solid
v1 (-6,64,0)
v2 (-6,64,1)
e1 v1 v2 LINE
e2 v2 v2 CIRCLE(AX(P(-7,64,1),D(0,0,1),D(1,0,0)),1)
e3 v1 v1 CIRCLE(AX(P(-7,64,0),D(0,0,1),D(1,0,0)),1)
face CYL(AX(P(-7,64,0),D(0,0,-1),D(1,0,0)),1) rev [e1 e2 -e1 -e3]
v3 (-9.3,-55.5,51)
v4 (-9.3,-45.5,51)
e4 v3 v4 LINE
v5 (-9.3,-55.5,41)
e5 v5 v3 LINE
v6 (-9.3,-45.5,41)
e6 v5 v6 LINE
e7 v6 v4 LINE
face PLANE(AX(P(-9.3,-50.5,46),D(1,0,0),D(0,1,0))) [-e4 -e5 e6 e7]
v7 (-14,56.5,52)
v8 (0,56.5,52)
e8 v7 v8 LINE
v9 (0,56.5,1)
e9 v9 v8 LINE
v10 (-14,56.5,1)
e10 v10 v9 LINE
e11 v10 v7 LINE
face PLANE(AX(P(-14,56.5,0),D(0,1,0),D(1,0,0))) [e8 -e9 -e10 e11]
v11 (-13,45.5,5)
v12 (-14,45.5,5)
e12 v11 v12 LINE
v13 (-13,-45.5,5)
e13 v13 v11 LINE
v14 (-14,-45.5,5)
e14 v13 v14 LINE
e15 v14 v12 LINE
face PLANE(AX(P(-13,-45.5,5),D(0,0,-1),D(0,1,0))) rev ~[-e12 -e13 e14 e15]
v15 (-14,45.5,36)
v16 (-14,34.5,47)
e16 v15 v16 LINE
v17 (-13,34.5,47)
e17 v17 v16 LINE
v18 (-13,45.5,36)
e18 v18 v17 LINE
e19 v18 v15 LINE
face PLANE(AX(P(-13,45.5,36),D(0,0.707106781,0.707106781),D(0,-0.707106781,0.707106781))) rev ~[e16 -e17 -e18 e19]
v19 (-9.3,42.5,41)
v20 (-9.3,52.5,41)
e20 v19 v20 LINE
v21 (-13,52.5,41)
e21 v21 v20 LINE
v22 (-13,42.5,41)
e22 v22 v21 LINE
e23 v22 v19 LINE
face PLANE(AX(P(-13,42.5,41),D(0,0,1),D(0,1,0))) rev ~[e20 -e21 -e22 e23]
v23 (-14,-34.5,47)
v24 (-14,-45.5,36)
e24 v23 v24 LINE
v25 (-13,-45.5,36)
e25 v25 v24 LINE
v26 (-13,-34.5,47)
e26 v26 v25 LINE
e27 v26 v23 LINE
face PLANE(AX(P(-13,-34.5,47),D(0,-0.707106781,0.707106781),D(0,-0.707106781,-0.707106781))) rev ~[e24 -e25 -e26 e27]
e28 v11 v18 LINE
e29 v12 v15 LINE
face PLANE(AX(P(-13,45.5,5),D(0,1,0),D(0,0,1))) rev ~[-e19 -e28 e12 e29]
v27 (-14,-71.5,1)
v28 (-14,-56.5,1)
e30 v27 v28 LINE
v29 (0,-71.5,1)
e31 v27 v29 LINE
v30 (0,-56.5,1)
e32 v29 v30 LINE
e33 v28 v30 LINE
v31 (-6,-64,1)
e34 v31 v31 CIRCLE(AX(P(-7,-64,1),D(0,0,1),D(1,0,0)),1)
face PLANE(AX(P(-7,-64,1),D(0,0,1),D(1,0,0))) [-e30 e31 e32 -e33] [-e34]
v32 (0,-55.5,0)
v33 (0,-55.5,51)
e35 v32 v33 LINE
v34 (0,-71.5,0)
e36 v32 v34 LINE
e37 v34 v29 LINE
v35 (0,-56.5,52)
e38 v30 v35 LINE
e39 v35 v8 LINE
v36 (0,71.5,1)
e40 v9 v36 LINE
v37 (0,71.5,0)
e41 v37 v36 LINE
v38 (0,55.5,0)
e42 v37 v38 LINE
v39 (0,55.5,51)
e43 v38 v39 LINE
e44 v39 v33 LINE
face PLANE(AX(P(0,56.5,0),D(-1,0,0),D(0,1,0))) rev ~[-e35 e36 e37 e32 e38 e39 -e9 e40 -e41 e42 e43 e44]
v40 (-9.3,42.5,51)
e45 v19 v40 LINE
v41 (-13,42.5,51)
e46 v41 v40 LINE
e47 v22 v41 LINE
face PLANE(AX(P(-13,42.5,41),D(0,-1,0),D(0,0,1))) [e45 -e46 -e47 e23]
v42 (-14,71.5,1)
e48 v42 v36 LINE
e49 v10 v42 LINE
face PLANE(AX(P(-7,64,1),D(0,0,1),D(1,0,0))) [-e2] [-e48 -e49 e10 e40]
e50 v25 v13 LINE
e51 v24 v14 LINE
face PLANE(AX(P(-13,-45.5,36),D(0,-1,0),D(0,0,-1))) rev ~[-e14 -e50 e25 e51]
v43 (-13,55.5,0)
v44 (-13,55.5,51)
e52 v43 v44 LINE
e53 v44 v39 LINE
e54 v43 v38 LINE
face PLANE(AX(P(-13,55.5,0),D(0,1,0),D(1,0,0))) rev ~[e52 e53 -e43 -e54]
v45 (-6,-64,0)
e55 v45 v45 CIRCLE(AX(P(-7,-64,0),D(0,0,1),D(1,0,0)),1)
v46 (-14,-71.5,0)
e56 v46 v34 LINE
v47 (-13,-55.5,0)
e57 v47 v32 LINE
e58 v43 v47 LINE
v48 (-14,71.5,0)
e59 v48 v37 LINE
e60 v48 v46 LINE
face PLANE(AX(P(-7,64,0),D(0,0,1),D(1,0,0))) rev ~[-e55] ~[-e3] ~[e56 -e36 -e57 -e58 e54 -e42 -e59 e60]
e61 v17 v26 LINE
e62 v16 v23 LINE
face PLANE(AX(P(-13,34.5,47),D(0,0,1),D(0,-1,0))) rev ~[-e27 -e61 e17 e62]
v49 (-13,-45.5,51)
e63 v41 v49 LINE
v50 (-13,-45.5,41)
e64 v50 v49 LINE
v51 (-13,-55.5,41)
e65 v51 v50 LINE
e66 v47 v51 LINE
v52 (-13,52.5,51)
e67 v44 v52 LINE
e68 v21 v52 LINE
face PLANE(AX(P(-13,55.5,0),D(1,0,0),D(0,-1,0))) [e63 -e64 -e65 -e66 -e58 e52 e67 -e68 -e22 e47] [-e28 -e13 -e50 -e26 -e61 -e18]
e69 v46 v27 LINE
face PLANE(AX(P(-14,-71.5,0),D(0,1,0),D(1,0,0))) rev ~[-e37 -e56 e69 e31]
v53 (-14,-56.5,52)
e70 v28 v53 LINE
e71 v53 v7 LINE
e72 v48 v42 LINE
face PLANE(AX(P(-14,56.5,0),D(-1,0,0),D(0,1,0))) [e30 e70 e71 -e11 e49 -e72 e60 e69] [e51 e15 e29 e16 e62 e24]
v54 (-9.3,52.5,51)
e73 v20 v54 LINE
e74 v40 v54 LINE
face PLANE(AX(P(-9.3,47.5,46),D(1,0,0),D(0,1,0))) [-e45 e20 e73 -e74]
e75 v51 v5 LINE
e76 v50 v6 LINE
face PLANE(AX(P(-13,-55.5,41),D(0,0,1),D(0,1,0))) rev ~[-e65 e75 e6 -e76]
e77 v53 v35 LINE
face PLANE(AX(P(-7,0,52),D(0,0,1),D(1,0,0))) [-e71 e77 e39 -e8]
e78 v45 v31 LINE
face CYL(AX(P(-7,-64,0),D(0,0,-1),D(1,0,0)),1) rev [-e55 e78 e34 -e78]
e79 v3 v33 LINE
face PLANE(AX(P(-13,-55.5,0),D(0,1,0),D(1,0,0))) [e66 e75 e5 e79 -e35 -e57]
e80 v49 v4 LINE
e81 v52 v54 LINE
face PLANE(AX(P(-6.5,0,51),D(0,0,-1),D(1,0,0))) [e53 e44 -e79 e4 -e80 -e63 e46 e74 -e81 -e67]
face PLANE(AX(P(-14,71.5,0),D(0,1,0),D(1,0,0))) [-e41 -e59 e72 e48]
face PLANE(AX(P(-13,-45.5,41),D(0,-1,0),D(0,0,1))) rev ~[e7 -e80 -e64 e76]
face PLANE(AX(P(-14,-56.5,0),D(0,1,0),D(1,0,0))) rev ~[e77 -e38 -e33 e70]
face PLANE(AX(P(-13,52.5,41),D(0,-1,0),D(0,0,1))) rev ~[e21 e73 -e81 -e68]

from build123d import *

# Parameters (mm, degrees)
F0_W     = 14
F0_H     = 113
F1_DEPTH = 52
F2_W     = 13
F2_H     = 111
F3_DEPTH = 51
F4_W     = 14
F4_H     = 15
F4_R     = 1
F5_DEPTH = 1
F7_DEPTH = 1
F8_W     = 10
F8_H     = 10
F9_DEPTH = 3.7


with BuildPart() as f1:
    # F0 (on Top) → F1 (new body)
    with BuildSketch(Plane.XY):
        with Locations((-7, 0)):
            Rectangle(F0_W, F0_H)
    extrude(amount=F1_DEPTH)

    # F2 (on face) → F3 (cut)
    with BuildSketch(Plane(origin=(0, 0, 0), x_dir=(1, 0, 0), z_dir=(0, 0, -1))):
        with Locations((-6.5, 0)):
            Rectangle(F2_W, F2_H)
    extrude(amount=-F3_DEPTH, mode=Mode.SUBTRACT)

    # F4 (on Top) → F5 (join)
    with BuildSketch(Plane.XY):
        with Locations((-7, 64)):
            Rectangle(F4_W, F4_H)
        with Locations((-7, 64)):
            Circle(F4_R, mode=Mode.SUBTRACT)
        with Locations((-7, -64)):
            Rectangle(F4_W, F4_H)
        with Locations((-7, -64)):
            Circle(F4_R, mode=Mode.SUBTRACT)
    extrude(amount=F5_DEPTH)

    # F6 (on face) → F7 (cut)
    with BuildSketch(Plane.YZ.offset(-13)):
        Polygon((-45.5, 36), (-45.5, 5), (45.5, 5), (45.5, 36), (34.5, 47), (-34.5, 47), align=None)
    extrude(amount=-F7_DEPTH, mode=Mode.SUBTRACT)

    # F8 (on face) → F9 (join)
    with BuildSketch(Plane.YZ.offset(-13)):
        with Locations((-50.5, 46)):
            Rectangle(F8_W, F8_H)
        with Locations((47.5, 46)):
            Rectangle(F8_W, F8_H)
    extrude(amount=F9_DEPTH)


solid = f1.part
